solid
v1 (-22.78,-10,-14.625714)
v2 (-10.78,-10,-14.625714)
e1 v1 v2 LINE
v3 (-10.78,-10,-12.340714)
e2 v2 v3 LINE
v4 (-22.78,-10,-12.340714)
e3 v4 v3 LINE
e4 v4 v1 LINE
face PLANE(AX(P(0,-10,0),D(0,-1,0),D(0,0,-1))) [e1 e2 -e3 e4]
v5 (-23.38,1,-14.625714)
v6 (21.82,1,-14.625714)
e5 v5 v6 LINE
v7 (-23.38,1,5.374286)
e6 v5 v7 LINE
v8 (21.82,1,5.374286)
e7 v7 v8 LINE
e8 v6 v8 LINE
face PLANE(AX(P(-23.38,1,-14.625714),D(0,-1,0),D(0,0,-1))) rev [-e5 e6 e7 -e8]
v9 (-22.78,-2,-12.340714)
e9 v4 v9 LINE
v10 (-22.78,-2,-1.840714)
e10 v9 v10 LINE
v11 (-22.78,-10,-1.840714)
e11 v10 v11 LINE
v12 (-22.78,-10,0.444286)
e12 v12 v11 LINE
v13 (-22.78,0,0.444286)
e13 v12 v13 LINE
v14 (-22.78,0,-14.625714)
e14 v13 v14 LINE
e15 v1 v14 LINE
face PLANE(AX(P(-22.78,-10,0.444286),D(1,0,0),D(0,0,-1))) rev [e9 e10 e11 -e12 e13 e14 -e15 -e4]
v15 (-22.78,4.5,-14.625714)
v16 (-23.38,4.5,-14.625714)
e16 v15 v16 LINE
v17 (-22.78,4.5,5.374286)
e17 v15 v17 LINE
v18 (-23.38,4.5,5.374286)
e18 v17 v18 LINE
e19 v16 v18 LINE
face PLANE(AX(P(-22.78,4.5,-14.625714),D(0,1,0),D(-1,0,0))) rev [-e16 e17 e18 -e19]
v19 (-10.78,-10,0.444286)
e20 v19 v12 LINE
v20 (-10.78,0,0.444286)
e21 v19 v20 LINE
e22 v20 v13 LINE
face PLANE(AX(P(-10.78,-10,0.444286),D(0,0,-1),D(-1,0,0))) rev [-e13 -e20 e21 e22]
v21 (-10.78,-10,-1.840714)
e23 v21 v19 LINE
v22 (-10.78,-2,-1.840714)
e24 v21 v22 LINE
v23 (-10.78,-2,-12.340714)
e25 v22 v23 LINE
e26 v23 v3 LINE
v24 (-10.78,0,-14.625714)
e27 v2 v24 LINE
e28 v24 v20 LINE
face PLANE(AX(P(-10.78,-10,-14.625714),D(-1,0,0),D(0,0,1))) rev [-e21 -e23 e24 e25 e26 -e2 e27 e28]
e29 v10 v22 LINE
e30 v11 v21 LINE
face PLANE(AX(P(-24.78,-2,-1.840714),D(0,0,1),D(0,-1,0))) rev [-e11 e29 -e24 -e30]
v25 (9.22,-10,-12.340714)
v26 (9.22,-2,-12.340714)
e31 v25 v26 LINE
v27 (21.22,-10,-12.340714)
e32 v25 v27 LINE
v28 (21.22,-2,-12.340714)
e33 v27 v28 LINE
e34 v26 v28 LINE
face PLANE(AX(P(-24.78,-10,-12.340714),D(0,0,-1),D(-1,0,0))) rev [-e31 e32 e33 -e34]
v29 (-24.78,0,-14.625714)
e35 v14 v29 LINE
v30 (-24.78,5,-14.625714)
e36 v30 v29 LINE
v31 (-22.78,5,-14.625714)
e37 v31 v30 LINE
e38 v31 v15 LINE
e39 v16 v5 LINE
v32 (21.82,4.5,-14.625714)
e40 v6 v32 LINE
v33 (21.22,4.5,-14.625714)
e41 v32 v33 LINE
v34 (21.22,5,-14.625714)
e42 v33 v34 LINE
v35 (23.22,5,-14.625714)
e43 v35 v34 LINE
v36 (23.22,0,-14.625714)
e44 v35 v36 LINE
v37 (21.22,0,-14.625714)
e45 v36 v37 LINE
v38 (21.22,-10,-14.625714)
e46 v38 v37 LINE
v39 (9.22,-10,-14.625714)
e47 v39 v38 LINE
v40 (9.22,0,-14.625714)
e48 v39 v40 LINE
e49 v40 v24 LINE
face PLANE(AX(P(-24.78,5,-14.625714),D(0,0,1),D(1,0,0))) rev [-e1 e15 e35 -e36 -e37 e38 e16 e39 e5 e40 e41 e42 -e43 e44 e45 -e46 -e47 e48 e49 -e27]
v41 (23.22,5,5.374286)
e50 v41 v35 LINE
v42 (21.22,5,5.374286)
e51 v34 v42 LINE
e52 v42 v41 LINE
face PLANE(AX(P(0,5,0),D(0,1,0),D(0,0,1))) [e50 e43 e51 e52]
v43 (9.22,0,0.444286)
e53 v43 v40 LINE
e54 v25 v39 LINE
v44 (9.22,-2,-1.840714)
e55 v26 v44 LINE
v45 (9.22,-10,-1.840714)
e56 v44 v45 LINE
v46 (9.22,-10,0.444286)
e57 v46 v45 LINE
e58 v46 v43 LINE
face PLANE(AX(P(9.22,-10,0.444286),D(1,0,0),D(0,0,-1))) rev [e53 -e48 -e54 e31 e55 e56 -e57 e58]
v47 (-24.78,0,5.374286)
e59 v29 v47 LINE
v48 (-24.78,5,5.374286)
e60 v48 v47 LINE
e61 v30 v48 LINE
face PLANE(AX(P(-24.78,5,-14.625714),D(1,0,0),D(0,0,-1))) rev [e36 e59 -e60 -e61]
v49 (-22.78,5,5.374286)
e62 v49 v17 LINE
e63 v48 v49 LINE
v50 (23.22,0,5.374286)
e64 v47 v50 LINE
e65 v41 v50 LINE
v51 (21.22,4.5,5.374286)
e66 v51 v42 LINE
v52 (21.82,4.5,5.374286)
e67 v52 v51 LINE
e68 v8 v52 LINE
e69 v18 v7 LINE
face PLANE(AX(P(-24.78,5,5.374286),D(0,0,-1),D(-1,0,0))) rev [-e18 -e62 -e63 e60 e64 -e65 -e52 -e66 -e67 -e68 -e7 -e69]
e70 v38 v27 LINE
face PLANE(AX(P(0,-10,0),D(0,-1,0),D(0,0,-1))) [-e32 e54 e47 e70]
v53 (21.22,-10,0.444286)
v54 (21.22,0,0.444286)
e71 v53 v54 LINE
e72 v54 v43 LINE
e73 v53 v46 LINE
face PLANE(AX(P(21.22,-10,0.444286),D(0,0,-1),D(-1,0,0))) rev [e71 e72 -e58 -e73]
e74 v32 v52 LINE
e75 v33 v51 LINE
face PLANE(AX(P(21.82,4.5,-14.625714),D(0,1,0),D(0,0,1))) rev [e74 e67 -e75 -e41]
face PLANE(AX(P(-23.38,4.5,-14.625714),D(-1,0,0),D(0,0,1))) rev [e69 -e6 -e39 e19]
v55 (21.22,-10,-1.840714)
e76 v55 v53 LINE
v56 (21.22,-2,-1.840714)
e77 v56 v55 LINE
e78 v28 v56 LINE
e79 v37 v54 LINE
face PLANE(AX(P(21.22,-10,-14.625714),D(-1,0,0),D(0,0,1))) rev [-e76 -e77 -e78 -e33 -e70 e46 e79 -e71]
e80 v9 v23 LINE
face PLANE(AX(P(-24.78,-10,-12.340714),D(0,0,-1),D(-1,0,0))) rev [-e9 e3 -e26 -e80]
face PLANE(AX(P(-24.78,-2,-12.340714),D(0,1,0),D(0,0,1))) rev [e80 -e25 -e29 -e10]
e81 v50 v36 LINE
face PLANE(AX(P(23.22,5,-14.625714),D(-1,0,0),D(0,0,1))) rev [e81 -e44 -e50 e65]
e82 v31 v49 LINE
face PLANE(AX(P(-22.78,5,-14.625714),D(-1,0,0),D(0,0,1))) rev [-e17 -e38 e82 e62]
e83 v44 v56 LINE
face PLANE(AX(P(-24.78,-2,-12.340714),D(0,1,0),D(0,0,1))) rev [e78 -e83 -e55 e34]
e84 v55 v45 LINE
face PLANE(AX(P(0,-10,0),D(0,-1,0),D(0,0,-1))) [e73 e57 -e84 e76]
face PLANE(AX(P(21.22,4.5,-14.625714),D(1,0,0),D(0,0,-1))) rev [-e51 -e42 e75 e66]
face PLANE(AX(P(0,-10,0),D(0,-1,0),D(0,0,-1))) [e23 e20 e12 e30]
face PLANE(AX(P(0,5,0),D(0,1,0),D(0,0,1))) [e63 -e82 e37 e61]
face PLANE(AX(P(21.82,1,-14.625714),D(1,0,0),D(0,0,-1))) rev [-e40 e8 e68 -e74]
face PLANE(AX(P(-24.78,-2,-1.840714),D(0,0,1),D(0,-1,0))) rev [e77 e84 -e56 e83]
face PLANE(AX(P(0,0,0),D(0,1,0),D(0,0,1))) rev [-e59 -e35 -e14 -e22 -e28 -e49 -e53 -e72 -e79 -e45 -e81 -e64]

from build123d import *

# Parameters (mm, degrees)
SKETCH_1_W          = 48
SKETCH_1_H          = 20
EXTRUDE_1_DEPTH     = 5
CUT_EXTRUDE_1_DEPTH = 33.234273685
SKETCH_3_W          = 12
SKETCH_3_H          = 15.07
EXTRUDE_2_DEPTH     = 10
SKETCH_4_W          = 10.5
SKETCH_4_H          = 8
CUT_EXTRUDE_2_DEPTH = 50.294132697


with BuildPart() as part:
    # 草图1 → 凸台-拉伸1 (new body)
    with BuildSketch(Plane(origin=(0, 0, 0), x_dir=(1, 0, 0), z_dir=(0, 1, 0))):
        with Locations((-0.78, 4.625714286)):
            Rectangle(SKETCH_1_W, SKETCH_1_H)
    extrude(amount=EXTRUDE_1_DEPTH)

    # 草图2 → 切除-拉伸1 (cut, through all)
    with BuildSketch(Plane.XY.offset(5.374285714)):
        Polygon((-22.78, 5), (-22.78, 4.5), (-23.38, 4.5), (-23.38, 1), (21.82, 1), (21.82, 4.5), (21.22, 4.5), (21.22, 5), align=None)
    extrude(amount=-CUT_EXTRUDE_1_DEPTH, mode=Mode.SUBTRACT)

    # 草图3 → 凸台-拉伸2 (add)
    with BuildSketch(Plane.XZ):
        with Locations((-16.78, -7.090714286)):
            Rectangle(SKETCH_3_W, SKETCH_3_H)
        with Locations((15.22, -7.090714286)):
            Rectangle(SKETCH_3_W, SKETCH_3_H)
    extrude(amount=EXTRUDE_2_DEPTH)

    # 草图4 → 切除-拉伸2 (cut, through all)
    with BuildSketch(Plane(origin=(21.22, 0, 0), x_dir=(0, 0, -1), z_dir=(1, 0, 0))):
        with Locations((7.090714286, -6)):
            Rectangle(SKETCH_4_W, SKETCH_4_H)
    extrude(amount=-CUT_EXTRUDE_2_DEPTH, mode=Mode.SUBTRACT)


solid = part.part
